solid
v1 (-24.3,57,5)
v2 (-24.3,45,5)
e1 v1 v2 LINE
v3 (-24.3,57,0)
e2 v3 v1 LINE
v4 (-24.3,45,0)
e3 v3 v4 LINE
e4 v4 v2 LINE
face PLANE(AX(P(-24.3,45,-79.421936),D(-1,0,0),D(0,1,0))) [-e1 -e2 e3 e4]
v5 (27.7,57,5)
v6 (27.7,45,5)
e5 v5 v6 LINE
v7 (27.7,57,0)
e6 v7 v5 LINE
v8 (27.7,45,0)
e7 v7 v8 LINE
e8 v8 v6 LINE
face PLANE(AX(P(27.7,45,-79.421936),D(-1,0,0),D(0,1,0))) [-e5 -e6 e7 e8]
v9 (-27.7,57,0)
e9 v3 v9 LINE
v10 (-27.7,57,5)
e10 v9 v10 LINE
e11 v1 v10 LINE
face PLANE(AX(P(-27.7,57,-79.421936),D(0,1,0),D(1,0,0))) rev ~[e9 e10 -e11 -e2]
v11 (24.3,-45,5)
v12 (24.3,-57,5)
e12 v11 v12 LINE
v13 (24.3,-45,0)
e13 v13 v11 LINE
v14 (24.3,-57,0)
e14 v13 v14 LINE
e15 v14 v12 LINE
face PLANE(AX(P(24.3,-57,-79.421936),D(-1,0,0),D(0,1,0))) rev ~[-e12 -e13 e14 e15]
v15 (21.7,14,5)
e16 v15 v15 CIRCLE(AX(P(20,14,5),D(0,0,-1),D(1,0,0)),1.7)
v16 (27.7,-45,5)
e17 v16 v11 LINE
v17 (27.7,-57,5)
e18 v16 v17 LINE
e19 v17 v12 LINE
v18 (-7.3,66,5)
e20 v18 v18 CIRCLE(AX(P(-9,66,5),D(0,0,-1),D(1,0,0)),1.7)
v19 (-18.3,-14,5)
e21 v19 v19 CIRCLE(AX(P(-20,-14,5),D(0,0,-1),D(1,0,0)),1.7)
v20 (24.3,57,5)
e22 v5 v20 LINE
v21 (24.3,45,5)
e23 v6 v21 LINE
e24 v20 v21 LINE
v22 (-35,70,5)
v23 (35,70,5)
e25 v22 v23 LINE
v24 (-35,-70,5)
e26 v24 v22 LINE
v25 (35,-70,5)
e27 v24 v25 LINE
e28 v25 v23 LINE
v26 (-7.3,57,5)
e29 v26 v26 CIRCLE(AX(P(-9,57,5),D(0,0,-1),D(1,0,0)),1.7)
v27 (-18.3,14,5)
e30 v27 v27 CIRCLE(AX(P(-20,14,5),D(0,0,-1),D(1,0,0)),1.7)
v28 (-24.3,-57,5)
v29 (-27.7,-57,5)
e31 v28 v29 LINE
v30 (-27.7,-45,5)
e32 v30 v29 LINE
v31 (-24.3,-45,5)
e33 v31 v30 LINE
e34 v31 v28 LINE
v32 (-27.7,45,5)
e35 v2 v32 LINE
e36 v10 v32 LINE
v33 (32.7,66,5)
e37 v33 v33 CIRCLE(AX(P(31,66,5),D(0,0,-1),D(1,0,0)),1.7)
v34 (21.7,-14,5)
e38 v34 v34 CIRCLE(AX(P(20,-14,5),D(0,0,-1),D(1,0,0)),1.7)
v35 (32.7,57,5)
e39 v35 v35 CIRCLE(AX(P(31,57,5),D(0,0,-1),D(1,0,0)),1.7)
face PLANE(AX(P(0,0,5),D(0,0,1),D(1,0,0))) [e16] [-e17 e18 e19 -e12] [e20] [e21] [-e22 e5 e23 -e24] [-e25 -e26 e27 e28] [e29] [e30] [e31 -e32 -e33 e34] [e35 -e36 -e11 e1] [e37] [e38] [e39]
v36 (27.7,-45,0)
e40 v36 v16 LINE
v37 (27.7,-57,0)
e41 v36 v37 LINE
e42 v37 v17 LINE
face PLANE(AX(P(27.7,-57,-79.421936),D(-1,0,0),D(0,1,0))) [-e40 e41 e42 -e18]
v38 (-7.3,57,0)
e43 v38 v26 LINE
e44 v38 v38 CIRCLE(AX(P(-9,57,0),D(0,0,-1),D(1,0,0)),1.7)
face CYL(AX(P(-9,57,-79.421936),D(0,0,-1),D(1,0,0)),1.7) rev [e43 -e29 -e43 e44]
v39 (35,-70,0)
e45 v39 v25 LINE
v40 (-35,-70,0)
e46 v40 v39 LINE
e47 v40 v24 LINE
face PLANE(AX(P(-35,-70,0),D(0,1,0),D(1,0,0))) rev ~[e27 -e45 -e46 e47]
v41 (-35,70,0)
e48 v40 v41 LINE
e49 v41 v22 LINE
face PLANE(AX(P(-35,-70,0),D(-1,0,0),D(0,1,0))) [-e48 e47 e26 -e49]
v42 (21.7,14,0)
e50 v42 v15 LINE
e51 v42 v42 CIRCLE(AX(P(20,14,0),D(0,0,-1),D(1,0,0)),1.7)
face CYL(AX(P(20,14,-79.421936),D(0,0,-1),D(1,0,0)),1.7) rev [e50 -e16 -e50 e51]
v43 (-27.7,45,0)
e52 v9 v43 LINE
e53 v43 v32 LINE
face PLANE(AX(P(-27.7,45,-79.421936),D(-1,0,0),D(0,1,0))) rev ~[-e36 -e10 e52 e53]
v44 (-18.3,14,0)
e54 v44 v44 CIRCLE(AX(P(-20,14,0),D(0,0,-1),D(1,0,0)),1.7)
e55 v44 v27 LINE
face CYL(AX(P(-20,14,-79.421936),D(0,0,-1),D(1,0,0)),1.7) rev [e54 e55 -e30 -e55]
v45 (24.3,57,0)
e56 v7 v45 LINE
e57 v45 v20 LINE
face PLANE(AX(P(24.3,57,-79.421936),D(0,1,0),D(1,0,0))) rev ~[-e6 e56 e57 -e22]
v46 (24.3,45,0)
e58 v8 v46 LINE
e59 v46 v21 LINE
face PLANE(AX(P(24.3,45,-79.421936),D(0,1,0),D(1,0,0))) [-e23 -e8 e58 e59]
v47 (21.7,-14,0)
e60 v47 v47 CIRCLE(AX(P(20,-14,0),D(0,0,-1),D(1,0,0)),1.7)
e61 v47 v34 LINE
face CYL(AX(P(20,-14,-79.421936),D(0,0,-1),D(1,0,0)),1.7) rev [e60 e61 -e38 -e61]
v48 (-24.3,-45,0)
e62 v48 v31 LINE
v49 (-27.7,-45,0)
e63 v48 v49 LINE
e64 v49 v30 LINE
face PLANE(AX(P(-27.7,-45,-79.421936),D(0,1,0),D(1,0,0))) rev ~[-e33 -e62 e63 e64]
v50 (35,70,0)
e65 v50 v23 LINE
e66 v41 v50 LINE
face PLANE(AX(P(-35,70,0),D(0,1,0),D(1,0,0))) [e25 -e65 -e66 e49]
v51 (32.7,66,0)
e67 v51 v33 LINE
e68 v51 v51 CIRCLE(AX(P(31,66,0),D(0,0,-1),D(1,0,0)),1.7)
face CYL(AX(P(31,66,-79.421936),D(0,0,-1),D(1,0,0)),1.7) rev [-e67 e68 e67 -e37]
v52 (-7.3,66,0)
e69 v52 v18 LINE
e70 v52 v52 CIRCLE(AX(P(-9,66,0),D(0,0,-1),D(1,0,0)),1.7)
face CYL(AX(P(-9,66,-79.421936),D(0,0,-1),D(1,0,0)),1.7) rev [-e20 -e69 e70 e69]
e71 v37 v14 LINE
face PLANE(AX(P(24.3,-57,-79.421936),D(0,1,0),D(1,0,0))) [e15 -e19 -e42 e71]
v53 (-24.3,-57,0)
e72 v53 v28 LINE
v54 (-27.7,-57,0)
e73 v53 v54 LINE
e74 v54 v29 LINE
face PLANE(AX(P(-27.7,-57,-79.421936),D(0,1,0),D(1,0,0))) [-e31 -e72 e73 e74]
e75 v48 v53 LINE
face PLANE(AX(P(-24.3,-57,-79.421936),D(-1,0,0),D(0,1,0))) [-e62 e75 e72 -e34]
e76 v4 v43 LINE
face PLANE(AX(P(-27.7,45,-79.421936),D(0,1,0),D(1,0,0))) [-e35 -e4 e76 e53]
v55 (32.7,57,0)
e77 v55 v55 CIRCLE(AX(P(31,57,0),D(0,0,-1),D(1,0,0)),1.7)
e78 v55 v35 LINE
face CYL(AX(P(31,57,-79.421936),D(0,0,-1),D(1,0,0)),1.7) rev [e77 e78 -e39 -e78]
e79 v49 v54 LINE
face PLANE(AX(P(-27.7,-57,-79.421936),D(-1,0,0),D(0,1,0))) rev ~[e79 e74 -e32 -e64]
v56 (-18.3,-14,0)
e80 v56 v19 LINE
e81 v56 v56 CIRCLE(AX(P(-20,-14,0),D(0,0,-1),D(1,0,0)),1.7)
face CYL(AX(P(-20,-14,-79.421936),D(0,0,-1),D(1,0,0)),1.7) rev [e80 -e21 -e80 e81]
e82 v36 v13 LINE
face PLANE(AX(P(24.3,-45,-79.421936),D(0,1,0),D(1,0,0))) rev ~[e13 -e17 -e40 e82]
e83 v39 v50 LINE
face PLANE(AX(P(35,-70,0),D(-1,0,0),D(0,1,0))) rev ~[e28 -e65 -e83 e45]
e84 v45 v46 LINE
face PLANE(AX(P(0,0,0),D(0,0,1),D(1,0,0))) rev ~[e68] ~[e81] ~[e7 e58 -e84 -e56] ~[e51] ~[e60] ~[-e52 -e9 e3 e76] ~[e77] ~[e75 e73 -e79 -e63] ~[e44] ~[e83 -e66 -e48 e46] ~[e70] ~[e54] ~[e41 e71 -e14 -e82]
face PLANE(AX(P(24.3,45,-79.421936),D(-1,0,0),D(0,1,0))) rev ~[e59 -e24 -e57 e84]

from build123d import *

# Parameters (mm, degrees)
SKETCH_1_W                                          = 70
SKETCH_1_H                                          = 140
BASE_70X140X5_DEPTH                                 = 5
CHASSIS_ADJUSTMENT_SLOTS_UNVERIFIED_POSI_DEPTH      = 79.421935707
CHASSIS_ADJUSTMENT_SLOTS_UNVERIFIED_POSI_DEPTH_BACK = 79.421935707
SKETCH_2_W                                          = 3.4
SKETCH_2_H                                          = 12
SUPPORT_AND_SERVO_MOUNT_M3_CLEARANCE_DEPTH          = 79.421935707
SUPPORT_AND_SERVO_MOUNT_M3_CLEARANCE_DEPTH_BACK     = 79.421935707
SKETCH_3_R                                          = 1.7


with BuildPart() as part:
    # 草图1 → Base_70x140x5 (new body)
    with BuildSketch(Plane.XY):
        Rectangle(SKETCH_1_W, SKETCH_1_H)
    extrude(amount=BASE_70X140X5_DEPTH)

    # 草图2 → Chassis_adjustment_slots_UNVERIFIED_positions (cut, two sides: drawn at the far end of the back side and taken through both)
    with BuildSketch(Plane.XY.offset(-CHASSIS_ADJUSTMENT_SLOTS_UNVERIFIED_POSI_DEPTH_BACK)):
        with Locations((-26, -51)):
            Rectangle(SKETCH_2_W, SKETCH_2_H)
        with Locations((-26, 51)):
            Rectangle(SKETCH_2_W, SKETCH_2_H)
        with Locations((26, -51)):
            Rectangle(SKETCH_2_W, SKETCH_2_H)
        with Locations((26, 51)):
            Rectangle(SKETCH_2_W, SKETCH_2_H)
    extrude(amount=CHASSIS_ADJUSTMENT_SLOTS_UNVERIFIED_POSI_DEPTH + CHASSIS_ADJUSTMENT_SLOTS_UNVERIFIED_POSI_DEPTH_BACK, mode=Mode.SUBTRACT)

    # 草图3 → Support_and_servo_mount_M3_clearance (cut, two sides: drawn at the far end of the back side and taken through both)
    with BuildSketch(Plane.XY.offset(-SUPPORT_AND_SERVO_MOUNT_M3_CLEARANCE_DEPTH_BACK)):
        with Locations((-20, -14)):
            Circle(SKETCH_3_R)
        with Locations((-20, 14)):
            Circle(SKETCH_3_R)
        with Locations((20, -14)):
            Circle(SKETCH_3_R)
        with Locations((20, 14)):
            Circle(SKETCH_3_R)
        with Locations((-9, 57)):
            Circle(SKETCH_3_R)
        with Locations((-9, 66)):
            Circle(SKETCH_3_R)
        with Locations((31, 57)):
            Circle(SKETCH_3_R)
        with Locations((31, 66)):
            Circle(SKETCH_3_R)
    extrude(amount=SUPPORT_AND_SERVO_MOUNT_M3_CLEARANCE_DEPTH + SUPPORT_AND_SERVO_MOUNT_M3_CLEARANCE_DEPTH_BACK, mode=Mode.SUBTRACT)


solid = part.part
